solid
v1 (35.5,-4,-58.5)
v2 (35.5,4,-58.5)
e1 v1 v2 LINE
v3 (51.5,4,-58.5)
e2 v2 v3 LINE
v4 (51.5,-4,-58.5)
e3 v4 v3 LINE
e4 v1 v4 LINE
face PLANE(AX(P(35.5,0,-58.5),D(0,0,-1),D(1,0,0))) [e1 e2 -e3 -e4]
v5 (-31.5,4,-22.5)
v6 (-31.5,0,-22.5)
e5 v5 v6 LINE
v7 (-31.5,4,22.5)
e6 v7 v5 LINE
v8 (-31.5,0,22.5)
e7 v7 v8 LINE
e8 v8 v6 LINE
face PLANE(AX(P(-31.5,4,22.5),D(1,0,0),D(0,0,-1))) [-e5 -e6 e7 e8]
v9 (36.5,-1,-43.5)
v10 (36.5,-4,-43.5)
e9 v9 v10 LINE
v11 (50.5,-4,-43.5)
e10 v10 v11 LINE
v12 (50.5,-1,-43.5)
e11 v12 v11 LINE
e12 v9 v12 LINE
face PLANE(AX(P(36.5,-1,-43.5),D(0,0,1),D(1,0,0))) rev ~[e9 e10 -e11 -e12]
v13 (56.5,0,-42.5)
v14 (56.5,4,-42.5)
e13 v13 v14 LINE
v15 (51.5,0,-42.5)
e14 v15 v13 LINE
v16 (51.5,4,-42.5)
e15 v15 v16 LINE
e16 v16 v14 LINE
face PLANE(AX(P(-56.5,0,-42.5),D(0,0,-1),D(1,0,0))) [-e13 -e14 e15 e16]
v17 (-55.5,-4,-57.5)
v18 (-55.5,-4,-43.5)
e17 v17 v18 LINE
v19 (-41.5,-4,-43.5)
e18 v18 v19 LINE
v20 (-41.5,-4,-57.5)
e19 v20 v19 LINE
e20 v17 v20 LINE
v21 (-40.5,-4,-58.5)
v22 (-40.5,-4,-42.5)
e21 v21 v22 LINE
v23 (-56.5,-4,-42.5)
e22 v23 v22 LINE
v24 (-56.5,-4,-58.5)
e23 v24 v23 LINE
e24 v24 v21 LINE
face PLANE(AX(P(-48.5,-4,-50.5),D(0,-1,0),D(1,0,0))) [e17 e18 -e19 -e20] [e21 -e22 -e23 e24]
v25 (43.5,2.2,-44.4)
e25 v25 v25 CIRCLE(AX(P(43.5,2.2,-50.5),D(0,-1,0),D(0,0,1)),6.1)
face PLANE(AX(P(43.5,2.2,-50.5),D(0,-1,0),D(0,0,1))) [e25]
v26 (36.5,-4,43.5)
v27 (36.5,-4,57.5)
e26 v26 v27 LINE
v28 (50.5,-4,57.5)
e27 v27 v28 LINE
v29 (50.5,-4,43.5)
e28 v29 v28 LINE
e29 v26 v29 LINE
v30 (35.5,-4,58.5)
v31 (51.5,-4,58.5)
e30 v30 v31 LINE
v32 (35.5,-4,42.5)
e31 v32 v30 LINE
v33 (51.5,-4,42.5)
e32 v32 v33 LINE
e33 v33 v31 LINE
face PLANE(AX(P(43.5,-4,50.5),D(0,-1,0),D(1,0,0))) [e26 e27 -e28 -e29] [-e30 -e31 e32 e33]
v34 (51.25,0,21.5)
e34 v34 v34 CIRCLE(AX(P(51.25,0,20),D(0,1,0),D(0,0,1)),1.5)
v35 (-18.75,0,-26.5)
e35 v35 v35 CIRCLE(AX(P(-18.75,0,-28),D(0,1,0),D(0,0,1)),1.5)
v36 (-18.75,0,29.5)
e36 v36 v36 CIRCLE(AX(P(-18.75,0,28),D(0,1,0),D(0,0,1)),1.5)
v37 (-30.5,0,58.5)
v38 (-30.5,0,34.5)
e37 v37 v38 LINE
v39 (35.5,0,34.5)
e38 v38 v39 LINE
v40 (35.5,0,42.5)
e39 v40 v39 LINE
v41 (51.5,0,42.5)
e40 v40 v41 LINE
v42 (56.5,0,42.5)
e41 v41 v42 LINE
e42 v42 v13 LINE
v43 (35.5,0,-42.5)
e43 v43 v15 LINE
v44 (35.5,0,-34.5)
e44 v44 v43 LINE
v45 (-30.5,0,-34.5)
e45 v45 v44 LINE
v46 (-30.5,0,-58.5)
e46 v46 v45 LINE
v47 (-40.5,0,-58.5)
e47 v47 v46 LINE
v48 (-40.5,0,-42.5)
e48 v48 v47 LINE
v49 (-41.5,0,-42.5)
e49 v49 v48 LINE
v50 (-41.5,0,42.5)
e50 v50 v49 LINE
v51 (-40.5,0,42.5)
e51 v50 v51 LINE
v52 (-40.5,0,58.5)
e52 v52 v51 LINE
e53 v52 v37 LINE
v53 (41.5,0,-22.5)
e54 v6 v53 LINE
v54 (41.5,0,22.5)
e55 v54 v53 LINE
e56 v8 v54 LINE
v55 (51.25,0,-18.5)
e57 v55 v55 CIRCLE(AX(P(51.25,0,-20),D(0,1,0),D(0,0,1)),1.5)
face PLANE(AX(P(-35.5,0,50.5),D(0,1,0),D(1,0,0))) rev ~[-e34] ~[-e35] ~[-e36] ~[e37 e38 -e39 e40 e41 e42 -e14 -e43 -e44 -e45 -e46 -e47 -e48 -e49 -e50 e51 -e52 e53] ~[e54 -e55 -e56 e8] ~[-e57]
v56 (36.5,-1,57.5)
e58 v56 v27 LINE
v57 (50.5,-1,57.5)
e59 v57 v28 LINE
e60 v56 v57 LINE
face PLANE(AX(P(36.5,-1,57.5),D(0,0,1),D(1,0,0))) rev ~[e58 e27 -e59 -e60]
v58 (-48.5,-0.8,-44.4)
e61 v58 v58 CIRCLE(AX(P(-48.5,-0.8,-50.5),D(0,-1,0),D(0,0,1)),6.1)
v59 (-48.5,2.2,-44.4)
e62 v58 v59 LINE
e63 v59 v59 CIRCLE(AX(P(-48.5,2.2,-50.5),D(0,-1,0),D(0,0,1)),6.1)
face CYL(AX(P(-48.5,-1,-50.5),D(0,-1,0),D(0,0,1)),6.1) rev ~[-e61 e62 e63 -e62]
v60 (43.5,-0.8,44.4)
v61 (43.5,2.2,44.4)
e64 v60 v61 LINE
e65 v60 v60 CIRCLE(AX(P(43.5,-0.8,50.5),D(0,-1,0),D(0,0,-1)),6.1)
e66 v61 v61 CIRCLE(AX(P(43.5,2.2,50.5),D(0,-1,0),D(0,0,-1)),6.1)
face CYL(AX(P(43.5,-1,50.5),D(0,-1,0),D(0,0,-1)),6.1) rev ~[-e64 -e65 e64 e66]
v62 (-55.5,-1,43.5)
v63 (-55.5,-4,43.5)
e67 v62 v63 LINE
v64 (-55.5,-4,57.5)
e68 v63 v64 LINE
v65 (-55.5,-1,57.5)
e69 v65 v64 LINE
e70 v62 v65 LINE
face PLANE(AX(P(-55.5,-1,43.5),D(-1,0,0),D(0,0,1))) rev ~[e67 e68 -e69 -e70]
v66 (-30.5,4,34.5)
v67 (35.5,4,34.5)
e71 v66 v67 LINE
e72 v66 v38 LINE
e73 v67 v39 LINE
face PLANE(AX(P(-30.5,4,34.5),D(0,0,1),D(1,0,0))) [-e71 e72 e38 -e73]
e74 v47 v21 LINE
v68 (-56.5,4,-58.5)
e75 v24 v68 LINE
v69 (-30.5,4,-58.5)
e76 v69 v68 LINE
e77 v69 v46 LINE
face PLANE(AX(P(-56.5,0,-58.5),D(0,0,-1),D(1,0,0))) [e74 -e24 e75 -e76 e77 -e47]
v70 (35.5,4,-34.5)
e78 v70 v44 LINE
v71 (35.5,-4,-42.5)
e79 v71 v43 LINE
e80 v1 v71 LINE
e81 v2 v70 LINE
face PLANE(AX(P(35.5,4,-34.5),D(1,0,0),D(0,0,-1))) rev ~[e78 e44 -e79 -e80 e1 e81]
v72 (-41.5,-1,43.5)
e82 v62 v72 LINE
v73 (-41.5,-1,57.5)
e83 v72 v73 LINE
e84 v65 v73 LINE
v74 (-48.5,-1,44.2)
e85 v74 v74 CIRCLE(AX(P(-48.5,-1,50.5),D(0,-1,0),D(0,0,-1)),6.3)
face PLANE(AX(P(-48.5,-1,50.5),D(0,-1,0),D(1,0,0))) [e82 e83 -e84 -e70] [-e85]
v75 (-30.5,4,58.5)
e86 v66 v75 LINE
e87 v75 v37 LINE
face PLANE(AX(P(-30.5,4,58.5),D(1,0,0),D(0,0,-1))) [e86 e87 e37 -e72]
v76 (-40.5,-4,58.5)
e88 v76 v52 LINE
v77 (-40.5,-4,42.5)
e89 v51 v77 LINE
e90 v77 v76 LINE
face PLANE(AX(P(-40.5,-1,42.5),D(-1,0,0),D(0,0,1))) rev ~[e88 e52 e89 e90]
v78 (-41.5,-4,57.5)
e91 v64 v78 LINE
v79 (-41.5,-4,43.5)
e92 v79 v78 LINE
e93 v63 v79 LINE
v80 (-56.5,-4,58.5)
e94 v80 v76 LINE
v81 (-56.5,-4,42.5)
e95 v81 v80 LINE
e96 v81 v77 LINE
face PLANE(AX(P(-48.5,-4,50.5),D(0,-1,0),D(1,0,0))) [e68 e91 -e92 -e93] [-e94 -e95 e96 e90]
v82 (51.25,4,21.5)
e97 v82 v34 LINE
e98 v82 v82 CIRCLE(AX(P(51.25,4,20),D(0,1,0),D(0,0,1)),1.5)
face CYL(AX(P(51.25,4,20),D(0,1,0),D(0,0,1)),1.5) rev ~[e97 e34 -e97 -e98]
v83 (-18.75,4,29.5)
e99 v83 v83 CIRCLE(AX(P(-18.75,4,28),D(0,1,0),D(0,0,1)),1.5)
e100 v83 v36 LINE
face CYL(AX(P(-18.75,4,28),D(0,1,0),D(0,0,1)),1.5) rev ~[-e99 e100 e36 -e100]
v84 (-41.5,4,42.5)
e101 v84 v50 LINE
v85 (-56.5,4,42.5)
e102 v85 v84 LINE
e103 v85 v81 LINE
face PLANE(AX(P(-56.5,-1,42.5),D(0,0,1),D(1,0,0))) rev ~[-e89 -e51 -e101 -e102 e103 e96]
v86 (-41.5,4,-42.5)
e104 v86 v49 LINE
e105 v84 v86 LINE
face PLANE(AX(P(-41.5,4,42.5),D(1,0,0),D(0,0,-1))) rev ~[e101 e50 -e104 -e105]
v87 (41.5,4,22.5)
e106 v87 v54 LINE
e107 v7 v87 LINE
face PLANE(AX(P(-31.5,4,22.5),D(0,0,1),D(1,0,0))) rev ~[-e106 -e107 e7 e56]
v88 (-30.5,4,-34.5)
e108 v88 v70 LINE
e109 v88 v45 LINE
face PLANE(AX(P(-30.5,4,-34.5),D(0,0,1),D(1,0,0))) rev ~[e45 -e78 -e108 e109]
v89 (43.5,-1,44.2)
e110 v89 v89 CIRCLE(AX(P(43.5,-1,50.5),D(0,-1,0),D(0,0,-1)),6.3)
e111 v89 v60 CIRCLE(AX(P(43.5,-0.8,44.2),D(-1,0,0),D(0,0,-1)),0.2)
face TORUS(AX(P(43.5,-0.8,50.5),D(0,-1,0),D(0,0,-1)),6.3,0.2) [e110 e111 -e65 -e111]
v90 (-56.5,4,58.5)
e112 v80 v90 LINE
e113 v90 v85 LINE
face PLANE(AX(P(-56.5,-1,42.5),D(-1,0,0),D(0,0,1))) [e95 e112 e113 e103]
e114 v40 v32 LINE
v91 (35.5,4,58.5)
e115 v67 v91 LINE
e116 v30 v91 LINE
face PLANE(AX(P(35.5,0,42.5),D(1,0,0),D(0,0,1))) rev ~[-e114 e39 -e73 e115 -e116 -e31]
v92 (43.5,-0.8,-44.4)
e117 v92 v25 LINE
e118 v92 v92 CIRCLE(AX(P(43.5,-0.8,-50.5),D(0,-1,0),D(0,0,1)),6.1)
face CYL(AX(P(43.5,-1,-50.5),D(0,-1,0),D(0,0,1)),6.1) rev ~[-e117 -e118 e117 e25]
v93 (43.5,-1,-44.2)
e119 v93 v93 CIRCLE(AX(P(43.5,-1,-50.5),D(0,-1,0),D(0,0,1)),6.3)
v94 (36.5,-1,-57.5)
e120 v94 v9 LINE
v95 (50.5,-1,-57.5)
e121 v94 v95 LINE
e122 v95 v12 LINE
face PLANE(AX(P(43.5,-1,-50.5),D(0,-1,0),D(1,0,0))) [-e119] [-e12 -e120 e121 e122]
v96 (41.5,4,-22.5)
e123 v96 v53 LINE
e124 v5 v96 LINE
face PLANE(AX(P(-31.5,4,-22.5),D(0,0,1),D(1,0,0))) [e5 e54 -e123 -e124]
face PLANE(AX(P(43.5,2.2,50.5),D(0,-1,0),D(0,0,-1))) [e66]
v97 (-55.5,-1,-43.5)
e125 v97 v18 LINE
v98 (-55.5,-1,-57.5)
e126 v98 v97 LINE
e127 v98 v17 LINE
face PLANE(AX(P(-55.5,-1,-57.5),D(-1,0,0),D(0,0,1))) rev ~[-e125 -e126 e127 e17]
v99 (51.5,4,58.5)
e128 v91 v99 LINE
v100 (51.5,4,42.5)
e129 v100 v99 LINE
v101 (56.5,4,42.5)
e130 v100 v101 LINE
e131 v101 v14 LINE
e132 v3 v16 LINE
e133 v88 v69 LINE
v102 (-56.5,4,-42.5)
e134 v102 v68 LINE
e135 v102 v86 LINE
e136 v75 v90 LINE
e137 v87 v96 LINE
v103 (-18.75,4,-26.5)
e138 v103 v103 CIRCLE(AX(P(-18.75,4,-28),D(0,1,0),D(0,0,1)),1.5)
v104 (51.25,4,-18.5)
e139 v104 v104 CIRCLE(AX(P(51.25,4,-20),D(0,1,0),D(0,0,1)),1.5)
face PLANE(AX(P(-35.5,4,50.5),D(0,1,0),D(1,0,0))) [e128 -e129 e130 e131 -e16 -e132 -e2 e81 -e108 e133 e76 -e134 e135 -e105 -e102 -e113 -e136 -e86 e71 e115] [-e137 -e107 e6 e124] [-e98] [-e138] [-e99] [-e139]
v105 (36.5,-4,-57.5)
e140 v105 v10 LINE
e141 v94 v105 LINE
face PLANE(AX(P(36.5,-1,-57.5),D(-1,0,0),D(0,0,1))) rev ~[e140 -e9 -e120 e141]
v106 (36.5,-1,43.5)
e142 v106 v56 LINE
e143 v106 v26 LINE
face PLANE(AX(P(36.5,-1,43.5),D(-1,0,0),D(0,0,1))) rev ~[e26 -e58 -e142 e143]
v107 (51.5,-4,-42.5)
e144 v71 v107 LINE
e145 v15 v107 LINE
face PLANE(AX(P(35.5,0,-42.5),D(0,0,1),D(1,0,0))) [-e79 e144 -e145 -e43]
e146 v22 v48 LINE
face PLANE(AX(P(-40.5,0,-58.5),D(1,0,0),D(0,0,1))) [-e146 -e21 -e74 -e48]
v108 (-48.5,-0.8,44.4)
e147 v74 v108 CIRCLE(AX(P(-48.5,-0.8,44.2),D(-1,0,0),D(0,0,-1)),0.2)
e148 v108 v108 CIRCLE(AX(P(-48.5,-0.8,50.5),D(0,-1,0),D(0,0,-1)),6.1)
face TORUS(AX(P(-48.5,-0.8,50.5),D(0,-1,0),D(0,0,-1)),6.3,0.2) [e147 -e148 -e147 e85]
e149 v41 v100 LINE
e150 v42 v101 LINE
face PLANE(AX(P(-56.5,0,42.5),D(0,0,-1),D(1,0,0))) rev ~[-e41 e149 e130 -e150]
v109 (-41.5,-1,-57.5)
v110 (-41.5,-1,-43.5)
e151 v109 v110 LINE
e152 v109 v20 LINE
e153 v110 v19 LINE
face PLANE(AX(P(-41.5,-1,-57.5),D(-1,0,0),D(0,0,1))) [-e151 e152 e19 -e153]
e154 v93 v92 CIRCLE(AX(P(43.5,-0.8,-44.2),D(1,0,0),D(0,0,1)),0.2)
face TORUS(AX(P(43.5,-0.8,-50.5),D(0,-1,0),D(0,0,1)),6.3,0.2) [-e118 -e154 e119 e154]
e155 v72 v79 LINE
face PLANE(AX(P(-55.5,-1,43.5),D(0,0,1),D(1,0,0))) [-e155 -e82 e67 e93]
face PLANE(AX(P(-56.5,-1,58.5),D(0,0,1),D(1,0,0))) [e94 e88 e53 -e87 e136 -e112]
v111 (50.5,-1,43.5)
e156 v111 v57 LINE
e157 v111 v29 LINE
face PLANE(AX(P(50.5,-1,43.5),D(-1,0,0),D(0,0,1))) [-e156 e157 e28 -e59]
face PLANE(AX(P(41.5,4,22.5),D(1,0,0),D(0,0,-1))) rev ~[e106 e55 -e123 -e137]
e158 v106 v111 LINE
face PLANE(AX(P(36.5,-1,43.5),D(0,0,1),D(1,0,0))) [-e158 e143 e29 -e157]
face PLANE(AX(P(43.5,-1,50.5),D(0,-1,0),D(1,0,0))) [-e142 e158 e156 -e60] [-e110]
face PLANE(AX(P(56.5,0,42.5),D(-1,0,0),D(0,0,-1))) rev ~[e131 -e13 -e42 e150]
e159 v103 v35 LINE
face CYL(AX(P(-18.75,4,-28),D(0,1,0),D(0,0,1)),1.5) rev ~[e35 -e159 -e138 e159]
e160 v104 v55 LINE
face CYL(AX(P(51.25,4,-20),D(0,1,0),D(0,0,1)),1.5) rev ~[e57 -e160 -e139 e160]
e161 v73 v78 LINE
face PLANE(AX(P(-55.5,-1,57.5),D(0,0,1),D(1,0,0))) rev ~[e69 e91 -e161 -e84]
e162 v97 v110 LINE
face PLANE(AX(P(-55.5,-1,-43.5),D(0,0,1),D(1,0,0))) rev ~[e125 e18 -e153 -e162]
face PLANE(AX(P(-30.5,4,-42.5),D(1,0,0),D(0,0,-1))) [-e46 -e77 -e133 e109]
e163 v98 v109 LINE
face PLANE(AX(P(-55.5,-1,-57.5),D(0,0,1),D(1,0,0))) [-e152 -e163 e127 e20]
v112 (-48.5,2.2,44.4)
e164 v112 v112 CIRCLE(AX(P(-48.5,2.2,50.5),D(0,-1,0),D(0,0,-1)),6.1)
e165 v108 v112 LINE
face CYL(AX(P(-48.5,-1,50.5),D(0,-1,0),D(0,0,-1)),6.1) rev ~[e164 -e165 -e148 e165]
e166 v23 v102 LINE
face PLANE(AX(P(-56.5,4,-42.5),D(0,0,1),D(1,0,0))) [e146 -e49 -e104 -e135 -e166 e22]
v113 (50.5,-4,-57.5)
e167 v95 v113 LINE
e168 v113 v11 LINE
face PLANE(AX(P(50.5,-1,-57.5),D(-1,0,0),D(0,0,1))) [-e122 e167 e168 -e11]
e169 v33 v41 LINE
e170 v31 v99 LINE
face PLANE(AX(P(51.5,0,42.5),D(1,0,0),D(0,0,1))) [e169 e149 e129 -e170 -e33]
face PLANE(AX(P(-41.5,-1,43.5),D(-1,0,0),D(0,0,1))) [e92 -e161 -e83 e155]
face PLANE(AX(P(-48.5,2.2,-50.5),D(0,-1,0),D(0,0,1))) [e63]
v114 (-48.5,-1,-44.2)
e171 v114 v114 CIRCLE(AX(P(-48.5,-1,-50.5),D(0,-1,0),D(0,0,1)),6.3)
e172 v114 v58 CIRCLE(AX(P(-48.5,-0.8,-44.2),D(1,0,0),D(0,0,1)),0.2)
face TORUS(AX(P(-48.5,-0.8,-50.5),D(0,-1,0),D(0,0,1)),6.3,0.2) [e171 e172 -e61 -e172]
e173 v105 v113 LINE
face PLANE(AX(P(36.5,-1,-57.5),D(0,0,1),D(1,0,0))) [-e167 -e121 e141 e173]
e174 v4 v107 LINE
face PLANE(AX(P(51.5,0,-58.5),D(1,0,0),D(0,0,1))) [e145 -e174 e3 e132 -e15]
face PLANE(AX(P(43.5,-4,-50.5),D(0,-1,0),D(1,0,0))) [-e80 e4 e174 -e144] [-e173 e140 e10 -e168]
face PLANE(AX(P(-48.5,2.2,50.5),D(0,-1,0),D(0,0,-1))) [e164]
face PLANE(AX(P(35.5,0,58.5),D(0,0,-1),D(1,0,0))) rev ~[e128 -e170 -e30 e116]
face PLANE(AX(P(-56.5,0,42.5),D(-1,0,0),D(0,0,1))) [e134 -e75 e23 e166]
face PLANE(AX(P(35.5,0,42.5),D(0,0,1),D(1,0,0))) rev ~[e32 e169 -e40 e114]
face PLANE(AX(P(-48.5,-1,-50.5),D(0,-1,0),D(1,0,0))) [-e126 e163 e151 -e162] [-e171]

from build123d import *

# Parameters (mm, degrees)
SKETCH1_W                       = 113
SKETCH1_H                       = 85
BOSS_EXTRUDE1_DEPTH             = 4
SKETCH2_R                       = 1.5
CUT_EXTRUDE1_DEPTH              = 71.813134375
BOSS_EXTRUDE3_REACH             = 72.813
SKETCH4_W                       = 16
SKETCH4_H                       = 16
BOSS_EXTRUDE3_DIRECTION_2_DEPTH = 1
SKETCH10_W                      = 10
SKETCH10_H                      = 16
BOSS_EXTRUDE6_DEPTH             = 4
SKETCH6_W                       = 73
SKETCH6_H                       = 45
SKETCH6_W_2                     = 15
SKETCH6_H_2                     = 85
SKETCH6_W_3                     = 66
SKETCH6_H_3                     = 8
CUT_EXTRUDE2_DEPTH              = 82.483127088
SKETCH8_R                       = 6.1
CUT_EXTRUDE3_DEPTH              = 3.2
SKETCH9_W                       = 16
SKETCH9_H                       = 16
SKETCH9_W_2                     = 14
SKETCH9_H_2                     = 14
BOSS_EXTRUDE5_DEPTH             = 3
FILLET1_R                       = 0.2


with BuildPart() as part:
    # Sketch1 → Boss-Extrude1 (new body)
    with BuildSketch(Plane(origin=(0, 0, 0), x_dir=(1, 0, 0), z_dir=(0, 1, 0))):
        Rectangle(SKETCH1_W, SKETCH1_H)
    extrude(amount=BOSS_EXTRUDE1_DEPTH)

    # Sketch2 → Cut-Extrude1 (cut, through all)
    with BuildSketch(Plane(origin=(0, 4, 0), x_dir=(1, 0, 0), z_dir=(0, 1, 0))):
        with Locations(Location((-18.75, 28, 0), (0, 0, 270))):
            Circle(SKETCH2_R)
        with Locations(Location((-18.75, -28, 0), (0, 0, 270))):
            Circle(SKETCH2_R)
        with Locations(Location((51.25, -20, 0), (0, 0, 270))):
            Circle(SKETCH2_R)
        with Locations(Location((51.25, 20, 0), (0, 0, 270))):
            Circle(SKETCH2_R)
    extrude(amount=-CUT_EXTRUDE1_DEPTH, mode=Mode.SUBTRACT)

    # Boss-Extrude3: up to this face of the body (flat: up to its plane)
    boss_extrude3_end = Plane(part.part.faces().sort_by_distance((-0.047976515, 4, 0))[0])
    # Sketch4 → Boss-Extrude3 (add, up to the picked face)
    with BuildSketch(Plane.XZ, mode=Mode.PRIVATE) as boss_extrude3_sk1:
        with Locations((-48.5, 50.5)):
            Rectangle(SKETCH4_W, SKETCH4_H)
    boss_extrude3_tool1 = split(extrude(boss_extrude3_sk1.sketch, amount=-BOSS_EXTRUDE3_REACH, mode=Mode.PRIVATE), bisect_by=boss_extrude3_end, keep=Keep.BOTH, mode=Mode.PRIVATE)
    # Sketch4 → Boss-Extrude3 (add, up to the picked face)
    with BuildSketch(Plane.XZ, mode=Mode.PRIVATE) as boss_extrude3_sk2:
        with Locations((43.5, 50.5)):
            Rectangle(SKETCH4_W, SKETCH4_H)
    boss_extrude3_tool2 = split(extrude(boss_extrude3_sk2.sketch, amount=-BOSS_EXTRUDE3_REACH, mode=Mode.PRIVATE), bisect_by=boss_extrude3_end, keep=Keep.BOTH, mode=Mode.PRIVATE)
    # Sketch4 → Boss-Extrude3 (add, up to the picked face)
    with BuildSketch(Plane.XZ, mode=Mode.PRIVATE) as boss_extrude3_sk3:
        with Locations((43.5, -50.5)):
            Rectangle(SKETCH4_W, SKETCH4_H)
    boss_extrude3_tool3 = split(extrude(boss_extrude3_sk3.sketch, amount=-BOSS_EXTRUDE3_REACH, mode=Mode.PRIVATE), bisect_by=boss_extrude3_end, keep=Keep.BOTH, mode=Mode.PRIVATE)
    # Sketch4 → Boss-Extrude3 (add, up to the picked face)
    with BuildSketch(Plane.XZ, mode=Mode.PRIVATE) as boss_extrude3_sk4:
        with Locations((-48.5, -50.5)):
            Rectangle(SKETCH4_W, SKETCH4_H)
    boss_extrude3_tool4 = split(extrude(boss_extrude3_sk4.sketch, amount=-BOSS_EXTRUDE3_REACH, mode=Mode.PRIVATE), bisect_by=boss_extrude3_end, keep=Keep.BOTH, mode=Mode.PRIVATE)
    add(boss_extrude3_tool1.solids().sort_by(Axis((-48.5, 0, 50.5), (0, 1, 0)))[0])
    add(boss_extrude3_tool2.solids().sort_by(Axis((43.5, 0, 50.5), (0, 1, 0)))[0])
    add(boss_extrude3_tool3.solids().sort_by(Axis((43.5, 0, -50.5), (0, 1, 0)))[0])
    add(boss_extrude3_tool4.solids().sort_by(Axis((-48.5, 0, -50.5), (0, 1, 0)))[0])

    # Sketch4 → Boss-Extrude3 direction 2 (add)
    with BuildSketch(Plane.XZ):
        with Locations((-48.5, 50.5)):
            Rectangle(SKETCH4_W, SKETCH4_H)
        with Locations((43.5, 50.5)):
            Rectangle(SKETCH4_W, SKETCH4_H)
        with Locations((43.5, -50.5)):
            Rectangle(SKETCH4_W, SKETCH4_H)
        with Locations((-48.5, -50.5)):
            Rectangle(SKETCH4_W, SKETCH4_H)
    extrude(amount=BOSS_EXTRUDE3_DIRECTION_2_DEPTH)

    # Sketch10 → Boss-Extrude6 (add)
    with BuildSketch(Plane(origin=(0, 4, 0), x_dir=(1, 0, 0), z_dir=(0, 1, 0))):
        with Locations((-35.5, -50.5)):
            Rectangle(SKETCH10_W, SKETCH10_H)
        with Locations((-35.5, 50.5)):
            Rectangle(SKETCH10_W, SKETCH10_H)
    extrude(amount=-BOSS_EXTRUDE6_DEPTH)

    # Sketch6 → Cut-Extrude2 (cut, through all)
    with BuildSketch(Plane(origin=(0, 4, 0), x_dir=(1, 0, 0), z_dir=(0, 1, 0))):
        with Locations((5, 0)):
            Rectangle(SKETCH6_W, SKETCH6_H)
        with Locations((-49, 0)):
            Rectangle(SKETCH6_W_2, SKETCH6_H_2)
        with Locations((2.5, 38.5)):
            Rectangle(SKETCH6_W_3, SKETCH6_H_3)
        with Locations((2.5, -38.5)):
            Rectangle(SKETCH6_W_3, SKETCH6_H_3)
    extrude(amount=-CUT_EXTRUDE2_DEPTH, mode=Mode.SUBTRACT)

    # Sketch8 → Cut-Extrude3 (cut)
    with BuildSketch(Plane.XZ.offset(1)):
        with Locations(Location((-48.5, 50.5, 0), (0, 0, 270))):
            Circle(SKETCH8_R)
        with Locations(Location((43.5, 50.5, 0), (0, 0, 270))):
            Circle(SKETCH8_R)
        with Locations(Location((43.5, -50.5, 0), (0, 0, 90))):
            Circle(SKETCH8_R)
        with Locations(Location((-48.5, -50.5, 0), (0, 0, 90))):
            Circle(SKETCH8_R)
    extrude(amount=-CUT_EXTRUDE3_DEPTH, mode=Mode.SUBTRACT)

    # Sketch9 → Boss-Extrude5 (add)
    # profile 1 of 4: a face of its own
    with BuildSketch(Plane.XZ.offset(1)):
        with Locations((-48.5, 50.5)):
            Rectangle(SKETCH9_W, SKETCH9_H)
        with Locations((-48.5, 50.5)):
            Rectangle(SKETCH9_W_2, SKETCH9_H_2, mode=Mode.SUBTRACT)
    # profile 2 of 4: a face of its own
    with BuildSketch(Plane.XZ.offset(1)):
        with Locations((43.5, 50.5)):
            Rectangle(SKETCH9_W, SKETCH9_H)
        with Locations((43.5, 50.5)):
            Rectangle(SKETCH9_W_2, SKETCH9_H_2, mode=Mode.SUBTRACT)
    # profile 3 of 4: a face of its own
    with BuildSketch(Plane.XZ.offset(1)):
        with Locations((43.5, -50.5)):
            Rectangle(SKETCH9_W, SKETCH9_H)
        with Locations((43.5, -50.5)):
            Rectangle(SKETCH9_W_2, SKETCH9_H_2, mode=Mode.SUBTRACT)
    # profile 4 of 4: a face of its own
    with BuildSketch(Plane.XZ.offset(1)):
        with Locations((-48.5, -50.5)):
            Rectangle(SKETCH9_W, SKETCH9_H)
        with Locations((-48.5, -50.5)):
            Rectangle(SKETCH9_W_2, SKETCH9_H_2, mode=Mode.SUBTRACT)
    extrude(amount=BOSS_EXTRUDE5_DEPTH)

    # Fillet1
    fillet1_edges = [part.edges().sort_by_distance(p)[0] for p in [
        (-48.5, -1, -56.6),
        (43.5, -1, -56.6),
        (43.5, -1, 56.6),
        (-48.5, -1, 56.6),
    ]]
    fillet(fillet1_edges, radius=FILLET1_R)


solid = part.part
